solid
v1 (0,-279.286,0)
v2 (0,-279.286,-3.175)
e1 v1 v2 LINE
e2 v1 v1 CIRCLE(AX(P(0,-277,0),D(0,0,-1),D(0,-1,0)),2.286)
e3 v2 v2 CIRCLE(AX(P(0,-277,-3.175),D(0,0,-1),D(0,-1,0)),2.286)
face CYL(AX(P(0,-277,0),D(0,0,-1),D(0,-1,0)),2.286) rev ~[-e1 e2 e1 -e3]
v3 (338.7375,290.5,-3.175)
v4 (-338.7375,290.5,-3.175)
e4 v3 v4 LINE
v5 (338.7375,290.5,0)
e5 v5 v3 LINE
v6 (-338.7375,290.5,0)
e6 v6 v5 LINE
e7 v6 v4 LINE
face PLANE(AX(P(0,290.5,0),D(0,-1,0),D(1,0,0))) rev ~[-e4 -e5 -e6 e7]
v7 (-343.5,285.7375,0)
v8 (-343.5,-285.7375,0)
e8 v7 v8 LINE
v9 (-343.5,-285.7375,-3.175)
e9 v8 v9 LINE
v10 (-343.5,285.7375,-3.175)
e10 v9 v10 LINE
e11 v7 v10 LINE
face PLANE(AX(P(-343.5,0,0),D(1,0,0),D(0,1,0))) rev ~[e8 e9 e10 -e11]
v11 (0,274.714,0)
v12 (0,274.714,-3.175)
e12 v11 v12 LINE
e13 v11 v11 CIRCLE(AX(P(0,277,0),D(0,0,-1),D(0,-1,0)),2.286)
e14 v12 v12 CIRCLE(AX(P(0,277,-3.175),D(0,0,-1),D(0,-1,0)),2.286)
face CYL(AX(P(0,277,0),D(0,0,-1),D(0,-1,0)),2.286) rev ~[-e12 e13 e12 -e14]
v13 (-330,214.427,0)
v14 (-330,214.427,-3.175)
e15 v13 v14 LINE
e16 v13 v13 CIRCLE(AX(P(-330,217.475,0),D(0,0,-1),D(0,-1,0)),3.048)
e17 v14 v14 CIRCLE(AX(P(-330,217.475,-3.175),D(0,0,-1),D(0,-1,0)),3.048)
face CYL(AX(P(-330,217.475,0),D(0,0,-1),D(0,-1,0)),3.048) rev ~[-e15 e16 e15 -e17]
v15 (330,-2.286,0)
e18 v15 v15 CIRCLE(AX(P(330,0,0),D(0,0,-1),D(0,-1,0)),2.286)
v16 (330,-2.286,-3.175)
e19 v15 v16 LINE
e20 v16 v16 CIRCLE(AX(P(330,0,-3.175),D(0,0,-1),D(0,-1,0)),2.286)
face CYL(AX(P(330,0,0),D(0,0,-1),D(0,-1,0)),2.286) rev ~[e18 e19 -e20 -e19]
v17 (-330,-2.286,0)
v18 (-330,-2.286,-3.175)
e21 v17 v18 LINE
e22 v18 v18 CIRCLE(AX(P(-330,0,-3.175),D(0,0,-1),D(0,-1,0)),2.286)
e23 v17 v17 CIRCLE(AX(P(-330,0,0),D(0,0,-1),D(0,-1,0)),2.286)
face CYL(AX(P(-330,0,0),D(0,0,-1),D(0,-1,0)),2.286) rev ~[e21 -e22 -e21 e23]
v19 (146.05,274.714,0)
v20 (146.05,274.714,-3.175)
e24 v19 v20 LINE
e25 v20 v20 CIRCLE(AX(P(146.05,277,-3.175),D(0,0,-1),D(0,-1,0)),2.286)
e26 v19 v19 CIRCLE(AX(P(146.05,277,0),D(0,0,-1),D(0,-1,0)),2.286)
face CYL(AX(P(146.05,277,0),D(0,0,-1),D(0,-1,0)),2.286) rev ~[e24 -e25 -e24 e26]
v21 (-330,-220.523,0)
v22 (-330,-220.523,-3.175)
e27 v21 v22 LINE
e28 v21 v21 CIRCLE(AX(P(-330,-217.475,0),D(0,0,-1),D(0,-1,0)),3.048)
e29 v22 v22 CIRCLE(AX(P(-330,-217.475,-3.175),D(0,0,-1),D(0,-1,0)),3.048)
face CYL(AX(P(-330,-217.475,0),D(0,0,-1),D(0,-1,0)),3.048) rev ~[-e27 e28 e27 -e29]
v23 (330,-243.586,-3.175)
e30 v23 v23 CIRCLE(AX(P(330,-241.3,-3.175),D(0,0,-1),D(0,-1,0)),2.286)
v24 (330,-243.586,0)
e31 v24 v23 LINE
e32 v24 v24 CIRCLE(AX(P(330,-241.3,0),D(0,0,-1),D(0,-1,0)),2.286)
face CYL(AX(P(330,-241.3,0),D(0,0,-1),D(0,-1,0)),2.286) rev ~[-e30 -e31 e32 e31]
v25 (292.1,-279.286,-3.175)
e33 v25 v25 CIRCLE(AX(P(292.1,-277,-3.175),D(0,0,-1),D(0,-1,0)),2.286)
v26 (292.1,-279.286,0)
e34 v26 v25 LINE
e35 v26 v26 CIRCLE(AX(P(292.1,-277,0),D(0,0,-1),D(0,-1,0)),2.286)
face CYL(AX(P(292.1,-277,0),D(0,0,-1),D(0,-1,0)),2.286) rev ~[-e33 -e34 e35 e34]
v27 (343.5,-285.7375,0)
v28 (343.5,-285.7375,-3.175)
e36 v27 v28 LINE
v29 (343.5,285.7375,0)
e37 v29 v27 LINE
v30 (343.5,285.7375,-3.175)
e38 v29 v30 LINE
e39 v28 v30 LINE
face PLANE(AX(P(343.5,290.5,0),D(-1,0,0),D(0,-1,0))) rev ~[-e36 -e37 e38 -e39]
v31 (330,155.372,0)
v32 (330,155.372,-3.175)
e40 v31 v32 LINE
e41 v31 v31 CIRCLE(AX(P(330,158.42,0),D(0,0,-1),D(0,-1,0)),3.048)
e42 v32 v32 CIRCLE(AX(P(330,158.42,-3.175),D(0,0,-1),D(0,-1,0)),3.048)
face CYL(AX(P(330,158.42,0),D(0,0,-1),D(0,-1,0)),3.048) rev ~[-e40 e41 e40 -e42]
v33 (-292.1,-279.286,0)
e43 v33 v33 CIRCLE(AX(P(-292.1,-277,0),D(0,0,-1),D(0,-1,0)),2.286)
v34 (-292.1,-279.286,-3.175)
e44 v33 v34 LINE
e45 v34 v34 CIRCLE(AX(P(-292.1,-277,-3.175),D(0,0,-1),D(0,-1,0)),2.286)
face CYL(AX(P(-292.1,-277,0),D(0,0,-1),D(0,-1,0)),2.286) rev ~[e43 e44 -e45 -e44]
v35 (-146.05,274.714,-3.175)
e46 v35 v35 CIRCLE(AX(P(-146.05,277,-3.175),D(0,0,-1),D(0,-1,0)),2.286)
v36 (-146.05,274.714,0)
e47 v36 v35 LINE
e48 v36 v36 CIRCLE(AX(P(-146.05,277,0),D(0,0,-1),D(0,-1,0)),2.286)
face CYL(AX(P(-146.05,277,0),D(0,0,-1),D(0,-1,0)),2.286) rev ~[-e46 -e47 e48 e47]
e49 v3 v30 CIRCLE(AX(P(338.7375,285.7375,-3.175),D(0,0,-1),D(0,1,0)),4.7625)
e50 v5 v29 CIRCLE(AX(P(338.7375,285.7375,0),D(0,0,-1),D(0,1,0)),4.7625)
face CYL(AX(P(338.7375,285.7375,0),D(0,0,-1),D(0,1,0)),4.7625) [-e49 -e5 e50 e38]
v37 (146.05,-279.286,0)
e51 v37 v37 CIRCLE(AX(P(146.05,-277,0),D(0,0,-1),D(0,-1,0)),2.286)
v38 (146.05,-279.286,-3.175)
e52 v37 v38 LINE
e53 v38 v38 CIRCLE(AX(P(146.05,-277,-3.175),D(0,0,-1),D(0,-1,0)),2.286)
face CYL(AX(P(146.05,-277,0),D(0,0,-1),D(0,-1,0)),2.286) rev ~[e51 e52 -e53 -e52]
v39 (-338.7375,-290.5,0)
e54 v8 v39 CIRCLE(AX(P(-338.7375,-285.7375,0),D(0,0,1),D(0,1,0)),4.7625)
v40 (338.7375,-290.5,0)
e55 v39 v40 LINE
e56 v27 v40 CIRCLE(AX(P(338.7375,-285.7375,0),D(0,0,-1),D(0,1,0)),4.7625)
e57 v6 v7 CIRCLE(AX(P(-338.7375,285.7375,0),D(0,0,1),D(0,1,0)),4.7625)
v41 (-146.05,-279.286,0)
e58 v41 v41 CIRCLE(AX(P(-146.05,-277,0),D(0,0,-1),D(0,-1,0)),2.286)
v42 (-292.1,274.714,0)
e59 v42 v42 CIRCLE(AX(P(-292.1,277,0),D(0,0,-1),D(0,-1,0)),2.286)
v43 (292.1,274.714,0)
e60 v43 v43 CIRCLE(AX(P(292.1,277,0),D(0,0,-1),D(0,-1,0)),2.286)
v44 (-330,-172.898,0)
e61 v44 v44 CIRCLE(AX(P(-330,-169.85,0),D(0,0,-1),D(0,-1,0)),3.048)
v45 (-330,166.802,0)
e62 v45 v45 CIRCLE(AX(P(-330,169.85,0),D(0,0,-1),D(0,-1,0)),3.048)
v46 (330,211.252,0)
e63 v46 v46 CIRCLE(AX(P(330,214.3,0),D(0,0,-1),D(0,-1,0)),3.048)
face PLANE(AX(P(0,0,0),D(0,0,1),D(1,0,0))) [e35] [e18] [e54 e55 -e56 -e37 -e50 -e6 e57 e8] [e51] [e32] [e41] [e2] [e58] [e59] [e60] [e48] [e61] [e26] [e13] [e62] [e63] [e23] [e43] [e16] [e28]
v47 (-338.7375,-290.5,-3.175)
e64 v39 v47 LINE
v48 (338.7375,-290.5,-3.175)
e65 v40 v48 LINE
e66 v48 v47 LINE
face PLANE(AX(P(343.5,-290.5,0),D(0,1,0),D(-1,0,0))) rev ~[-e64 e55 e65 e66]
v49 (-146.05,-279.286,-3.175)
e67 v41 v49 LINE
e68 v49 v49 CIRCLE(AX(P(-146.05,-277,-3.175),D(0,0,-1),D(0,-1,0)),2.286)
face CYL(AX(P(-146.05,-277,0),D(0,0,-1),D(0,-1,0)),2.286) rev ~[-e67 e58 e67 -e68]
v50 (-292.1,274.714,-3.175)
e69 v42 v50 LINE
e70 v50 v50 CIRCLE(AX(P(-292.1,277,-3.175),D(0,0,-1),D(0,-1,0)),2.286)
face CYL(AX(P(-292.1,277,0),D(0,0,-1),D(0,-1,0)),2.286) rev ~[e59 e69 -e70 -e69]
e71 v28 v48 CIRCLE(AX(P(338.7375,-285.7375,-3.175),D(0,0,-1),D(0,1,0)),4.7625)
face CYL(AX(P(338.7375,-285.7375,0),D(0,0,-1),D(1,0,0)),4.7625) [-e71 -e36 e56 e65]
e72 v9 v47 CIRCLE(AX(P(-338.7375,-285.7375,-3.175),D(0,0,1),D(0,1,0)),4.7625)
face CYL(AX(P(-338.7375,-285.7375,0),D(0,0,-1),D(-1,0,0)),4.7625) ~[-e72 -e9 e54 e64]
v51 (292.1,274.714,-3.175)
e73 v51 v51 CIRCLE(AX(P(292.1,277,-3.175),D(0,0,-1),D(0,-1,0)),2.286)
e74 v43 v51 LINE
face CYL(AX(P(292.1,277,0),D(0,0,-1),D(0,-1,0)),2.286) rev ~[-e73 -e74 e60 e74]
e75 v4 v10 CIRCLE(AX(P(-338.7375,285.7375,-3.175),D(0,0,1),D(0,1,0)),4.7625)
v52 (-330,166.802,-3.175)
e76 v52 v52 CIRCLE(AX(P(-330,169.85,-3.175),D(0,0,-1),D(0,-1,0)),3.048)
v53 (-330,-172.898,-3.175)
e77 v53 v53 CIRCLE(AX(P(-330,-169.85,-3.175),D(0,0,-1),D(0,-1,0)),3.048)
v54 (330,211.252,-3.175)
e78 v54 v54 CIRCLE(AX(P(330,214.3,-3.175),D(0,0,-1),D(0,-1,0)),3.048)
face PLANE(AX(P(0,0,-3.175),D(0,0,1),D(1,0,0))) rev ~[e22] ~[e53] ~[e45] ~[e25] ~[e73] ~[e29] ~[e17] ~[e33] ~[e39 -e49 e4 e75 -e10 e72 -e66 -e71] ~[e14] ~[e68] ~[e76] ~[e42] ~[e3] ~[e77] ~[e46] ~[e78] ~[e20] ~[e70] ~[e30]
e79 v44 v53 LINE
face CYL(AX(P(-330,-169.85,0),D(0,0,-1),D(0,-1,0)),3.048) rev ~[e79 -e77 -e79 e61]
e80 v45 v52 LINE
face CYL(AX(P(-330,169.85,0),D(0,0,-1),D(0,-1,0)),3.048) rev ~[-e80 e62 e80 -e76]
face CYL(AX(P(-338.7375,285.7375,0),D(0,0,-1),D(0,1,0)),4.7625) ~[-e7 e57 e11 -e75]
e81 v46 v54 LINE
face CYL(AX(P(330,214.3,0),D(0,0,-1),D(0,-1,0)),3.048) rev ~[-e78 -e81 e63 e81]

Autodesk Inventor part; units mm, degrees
ref_plane "YZ Plane" through (0, 0, 0) normal (1, 0, 0) x (0, 1, 0)
ref_plane "XZ Plane" through (0, 0, 0) normal (0, 1, 0) x (-1, 0, 0)
ref_plane "XY Plane" through (0, 0, 0) normal (0, 0, 1) x (1, 0, 0)
sketch "Sketch1" plane through (0, 0, 0) normal (0, 0, 1) x (1, 0, 0)
  line L0 (0, 406.7) -> (0, -406.7) projected
  line L1 (-480.9, 0) -> (480.9, 0) projected
  line L2 (343.5, -290.5) -> (-343.5, -290.5)
  line L3 (-343.5, -290.5) -> (-343.5, 290.5)
  line L4 (-343.5, 290.5) -> (343.5, 290.5)
  line L5 (343.5, 290.5) -> (343.5, -290.5)
  line L6 (343.5, -290.5) -> (-343.5, 290.5) construction
  line L7 (-343.5, -290.5) -> (343.5, 290.5) construction
  line L8 (330, -277) -> (-330, -277) construction
  line L9 (-330, -277) -> (-330, 277) construction
  line L10 (-330, 277) -> (330, 277) construction
  line L11 (330, 277) -> (330, -277) construction
  line L12 (330, -277) -> (-330, 277) construction
  line L13 (-330, -277) -> (330, 277) construction
  point P0 (0, 0)
  point P1 (-330, 217.475)
  point P2 (-330, 169.85)
  point P3 (-330, -217.475)
  point P4 (-330, -169.85)
  point P5 (330, 214.3)
  point P6 (330, 158.42)
  dimension "d0" = 687
  dimension "d1" = 581
  dimension "d2" = 660
  dimension "d3" = 554
  dimension "d4" = 47.625
  dimension "d5" = 73.025
  dimension "d6" = 47.625
  dimension "d7" = 73.025
  dimension "d8" = 76.2
  dimension "d9" = 55.88
extrude "Extrusion1" add sketch "Sketch1" against normal blind 3.175
hole "Hole1" at (-330, 217.475, 0) at (-330, 169.85, 0) at (-330, -217.475, 0) at (-330, -169.85, 0) at (330, 214.3, 0) at (330, 158.42, 0) direction (0, 0, -1) diameter 6.096 end through all
sketch "Sketch2" plane through (0, 0, 0) normal (0, 0, 1) x (1, 0, 0)
  line L0 (-330, -277) -> (-330, 277) construction
  line L1 (-330, 277) -> (330, 277) construction
  line L2 (330, 277) -> (330, -277) construction
  line L3 (330, -277) -> (-330, -277) construction
  line L4 (0, 406.7) -> (0, -406.7) projected
  line L5 (-480.9, 0) -> (480.9, 0) projected
  point P0 (0, 0)
  point P1 (-330, 241.3)
  point P2 (-292.1, 277)
  point P3 (292.1, 277)
  point P4 (0, 277)
  point P5 (-146.05, 277)
  point P6 (146.05, 277)
  point P7 (330, 241.3)
  point P8 (330, 120.65)
  point P9 (330, 0)
  point P10 (330, -120.65)
  point P11 (292.1, -277)
  point P12 (146.05, -277)
  point P13 (0, -277)
  point P14 (-146.05, -277)
  point P15 (-292.1, -277)
  point P16 (-330, -241.3)
  point P17 (-330, -120.65)
  point P18 (-330, 0)
  point P19 (-330, 120.65)
  point P20 (330, -241.3)
  dimension "d19" = 146.05
  dimension "d20" = 146.05
  dimension "d21" = 146.05
  dimension "d22" = 146.05
  dimension "d23" = 120.65
  dimension "d24" = 120.65
  dimension "d25" = 120.65
  dimension "d26" = 120.65
hole "Hole2" at (-292.1, 277, 0) at (-146.05, 277, 0) at (146.05, 277, 0) at (292.1, 277, 0) at (330, 0, 0) at (330, -241.3, 0) at (292.1, -277, 0) at (146.05, -277, 0) at (0, -277, 0) at (-146.05, -277, 0) at (-292.1, -277, 0) at (-330, 0, 0) at (0, 277, 0) direction (0, 0, -1) diameter 4.572 end through all
fillet "Fillet1" radius 4.7625 4 edges at (343.5, 290.5, -1.5875) (-343.5, 290.5, -1.5875) (343.5, -290.5, -1.5875) (-343.5, -290.5, -1.5875)
properties material "ACRYLIC, BLACK"
